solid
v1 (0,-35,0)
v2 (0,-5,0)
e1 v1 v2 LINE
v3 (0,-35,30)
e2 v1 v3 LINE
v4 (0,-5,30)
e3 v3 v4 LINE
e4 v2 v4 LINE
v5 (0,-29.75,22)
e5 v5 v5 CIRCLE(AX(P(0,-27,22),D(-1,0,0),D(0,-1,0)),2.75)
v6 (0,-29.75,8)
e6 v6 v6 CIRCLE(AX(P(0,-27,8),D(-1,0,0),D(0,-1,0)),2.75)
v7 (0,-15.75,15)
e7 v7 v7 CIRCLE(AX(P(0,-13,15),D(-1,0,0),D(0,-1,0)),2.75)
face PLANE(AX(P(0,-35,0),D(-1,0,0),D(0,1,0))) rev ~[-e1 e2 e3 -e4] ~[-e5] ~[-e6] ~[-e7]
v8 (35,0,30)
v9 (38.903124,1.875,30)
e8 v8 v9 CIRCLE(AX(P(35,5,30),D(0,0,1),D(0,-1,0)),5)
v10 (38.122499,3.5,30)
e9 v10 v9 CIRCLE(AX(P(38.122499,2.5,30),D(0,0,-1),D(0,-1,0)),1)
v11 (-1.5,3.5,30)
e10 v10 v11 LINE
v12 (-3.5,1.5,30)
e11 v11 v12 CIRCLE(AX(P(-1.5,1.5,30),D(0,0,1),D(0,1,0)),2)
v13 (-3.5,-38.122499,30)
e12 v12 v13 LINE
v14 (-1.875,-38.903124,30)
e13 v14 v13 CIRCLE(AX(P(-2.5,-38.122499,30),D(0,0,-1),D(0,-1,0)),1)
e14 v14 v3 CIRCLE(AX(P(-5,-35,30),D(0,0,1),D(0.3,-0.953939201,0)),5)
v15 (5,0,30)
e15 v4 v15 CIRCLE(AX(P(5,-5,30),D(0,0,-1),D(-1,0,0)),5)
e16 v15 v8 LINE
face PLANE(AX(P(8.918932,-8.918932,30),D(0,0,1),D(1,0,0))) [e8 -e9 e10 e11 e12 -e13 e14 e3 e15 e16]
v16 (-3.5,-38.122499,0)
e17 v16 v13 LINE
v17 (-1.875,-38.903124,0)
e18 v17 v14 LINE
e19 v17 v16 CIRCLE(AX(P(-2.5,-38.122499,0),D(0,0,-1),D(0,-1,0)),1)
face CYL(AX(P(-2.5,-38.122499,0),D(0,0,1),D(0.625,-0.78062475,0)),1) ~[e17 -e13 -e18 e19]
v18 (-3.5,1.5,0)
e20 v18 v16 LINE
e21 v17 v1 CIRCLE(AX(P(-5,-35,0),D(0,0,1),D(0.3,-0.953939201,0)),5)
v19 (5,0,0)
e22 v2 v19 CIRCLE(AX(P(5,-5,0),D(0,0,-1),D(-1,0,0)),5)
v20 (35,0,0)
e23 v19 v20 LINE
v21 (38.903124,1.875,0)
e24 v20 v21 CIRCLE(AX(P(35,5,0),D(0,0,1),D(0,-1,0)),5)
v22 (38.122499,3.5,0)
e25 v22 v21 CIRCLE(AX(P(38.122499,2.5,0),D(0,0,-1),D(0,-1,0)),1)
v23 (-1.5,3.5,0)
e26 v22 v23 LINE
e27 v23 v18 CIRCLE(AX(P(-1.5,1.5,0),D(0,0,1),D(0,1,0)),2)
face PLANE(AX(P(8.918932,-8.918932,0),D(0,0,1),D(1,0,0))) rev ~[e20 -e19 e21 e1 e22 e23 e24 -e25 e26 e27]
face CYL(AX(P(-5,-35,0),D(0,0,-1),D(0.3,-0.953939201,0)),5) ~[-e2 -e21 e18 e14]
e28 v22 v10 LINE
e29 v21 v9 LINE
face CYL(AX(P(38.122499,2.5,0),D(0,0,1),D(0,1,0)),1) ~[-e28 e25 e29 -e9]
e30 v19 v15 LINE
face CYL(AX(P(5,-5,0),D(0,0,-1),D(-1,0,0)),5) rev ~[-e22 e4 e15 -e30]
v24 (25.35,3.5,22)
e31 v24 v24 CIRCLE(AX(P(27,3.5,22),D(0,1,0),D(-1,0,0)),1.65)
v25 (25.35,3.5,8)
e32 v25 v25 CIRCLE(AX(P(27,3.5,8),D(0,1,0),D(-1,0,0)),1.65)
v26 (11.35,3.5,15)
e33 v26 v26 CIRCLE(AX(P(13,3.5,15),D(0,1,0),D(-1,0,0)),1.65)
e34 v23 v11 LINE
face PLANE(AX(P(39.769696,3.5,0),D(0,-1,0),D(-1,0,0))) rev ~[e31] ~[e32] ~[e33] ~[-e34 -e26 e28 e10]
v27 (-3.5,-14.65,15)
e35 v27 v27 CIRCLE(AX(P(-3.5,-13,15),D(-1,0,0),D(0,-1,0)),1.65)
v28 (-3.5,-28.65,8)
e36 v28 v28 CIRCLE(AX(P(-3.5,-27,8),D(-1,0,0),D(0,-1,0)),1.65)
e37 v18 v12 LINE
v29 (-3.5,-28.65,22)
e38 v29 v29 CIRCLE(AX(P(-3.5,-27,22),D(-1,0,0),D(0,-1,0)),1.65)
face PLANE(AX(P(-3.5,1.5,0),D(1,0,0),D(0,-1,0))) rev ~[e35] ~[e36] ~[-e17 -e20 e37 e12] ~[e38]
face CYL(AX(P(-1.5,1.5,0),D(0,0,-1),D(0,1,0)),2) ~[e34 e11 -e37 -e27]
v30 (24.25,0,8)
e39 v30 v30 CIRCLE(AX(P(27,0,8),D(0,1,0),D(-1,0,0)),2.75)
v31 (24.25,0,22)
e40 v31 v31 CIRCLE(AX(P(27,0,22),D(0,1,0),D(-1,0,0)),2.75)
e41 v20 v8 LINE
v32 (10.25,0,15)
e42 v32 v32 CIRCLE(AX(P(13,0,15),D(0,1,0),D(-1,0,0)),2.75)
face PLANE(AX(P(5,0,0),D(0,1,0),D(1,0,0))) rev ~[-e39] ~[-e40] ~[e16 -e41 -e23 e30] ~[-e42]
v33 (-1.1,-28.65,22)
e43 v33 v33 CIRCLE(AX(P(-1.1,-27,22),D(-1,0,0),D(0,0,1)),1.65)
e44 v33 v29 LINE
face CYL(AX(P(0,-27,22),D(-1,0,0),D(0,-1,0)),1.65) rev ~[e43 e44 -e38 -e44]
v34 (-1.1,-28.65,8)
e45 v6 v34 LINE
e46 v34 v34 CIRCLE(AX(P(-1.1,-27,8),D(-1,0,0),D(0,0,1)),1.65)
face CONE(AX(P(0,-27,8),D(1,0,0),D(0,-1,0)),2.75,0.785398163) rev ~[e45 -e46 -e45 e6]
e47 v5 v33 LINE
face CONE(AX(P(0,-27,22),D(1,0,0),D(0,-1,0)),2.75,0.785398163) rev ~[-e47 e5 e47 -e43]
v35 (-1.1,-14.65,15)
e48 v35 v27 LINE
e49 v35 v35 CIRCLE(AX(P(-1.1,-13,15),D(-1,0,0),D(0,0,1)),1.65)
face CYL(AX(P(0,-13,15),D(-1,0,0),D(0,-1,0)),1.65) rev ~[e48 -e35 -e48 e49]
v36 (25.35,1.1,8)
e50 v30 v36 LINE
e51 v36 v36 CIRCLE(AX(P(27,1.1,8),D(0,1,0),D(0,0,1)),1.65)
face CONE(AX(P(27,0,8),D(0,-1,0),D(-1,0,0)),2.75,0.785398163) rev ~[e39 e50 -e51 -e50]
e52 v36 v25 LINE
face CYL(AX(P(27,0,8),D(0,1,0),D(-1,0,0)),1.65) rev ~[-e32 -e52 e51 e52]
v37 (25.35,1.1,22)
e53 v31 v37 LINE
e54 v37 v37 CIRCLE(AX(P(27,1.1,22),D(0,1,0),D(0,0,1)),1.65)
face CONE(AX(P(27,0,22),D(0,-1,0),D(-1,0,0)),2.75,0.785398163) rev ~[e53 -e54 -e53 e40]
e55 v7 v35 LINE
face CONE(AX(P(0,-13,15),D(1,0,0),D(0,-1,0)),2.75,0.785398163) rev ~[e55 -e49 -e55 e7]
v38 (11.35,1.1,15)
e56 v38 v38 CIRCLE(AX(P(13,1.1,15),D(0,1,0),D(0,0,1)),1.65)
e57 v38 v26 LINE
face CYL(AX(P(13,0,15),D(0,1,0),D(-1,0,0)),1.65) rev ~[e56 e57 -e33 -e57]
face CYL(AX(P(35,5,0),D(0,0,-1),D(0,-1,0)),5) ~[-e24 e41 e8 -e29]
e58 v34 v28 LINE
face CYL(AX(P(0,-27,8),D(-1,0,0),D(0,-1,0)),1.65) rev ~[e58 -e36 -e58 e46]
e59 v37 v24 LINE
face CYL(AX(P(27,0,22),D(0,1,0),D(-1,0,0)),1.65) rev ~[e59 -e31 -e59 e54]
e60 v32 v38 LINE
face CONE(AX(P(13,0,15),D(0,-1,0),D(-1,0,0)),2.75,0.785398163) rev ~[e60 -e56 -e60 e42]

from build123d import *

# Parameters (mm, degrees)
F1_DEPTH             = 30
F4_D                 = 3.3
F4_CSINK_D           = 5.5
F4_CSINK_ANGLE       = 90
F4_ON_F3_D           = 3.3
F4_ON_F3_CSINK_D     = 5.5
F4_ON_F3_CSINK_ANGLE = 90
F5_R                 = 1


with BuildPart() as f1:
    # F0 (on Top) → F1 (new body)
    with BuildSketch(Plane.XY):
        with BuildLine():
            ThreePointArc((-3.5, -39.7696960071), (-0.9688711259, -37.9580398915), (0, -35))
            Line((0, -35), (0, -5))
            ThreePointArc((0, -5), (1.4644660941, -1.4644660941), (5, 0))
            Line((5, 0), (35, 0))
            ThreePointArc((35, 0), (37.9580398915, 0.9688711259), (39.7696960071, 3.5))
            Line((39.7696960071, 3.5), (-1.5, 3.5))
            ThreePointArc((-1.5, 3.5), (-2.9142135624, 2.9142135624), (-3.5, 1.5))
            Line((-3.5, 1.5), (-3.5, -39.7696960071))
        make_face()
    extrude(amount=F1_DEPTH)

    # F4 (through all)
    with Locations(Plane.XZ):
        with Locations((13, 15), (27, 22), (27, 8)):
            CounterSinkHole(F4_D / 2, F4_CSINK_D / 2, counter_sink_angle=F4_CSINK_ANGLE)

    # F4 on F3 (through all)
    with Locations(Plane.YZ):
        with Locations((-13, 15), (-27, 22), (-27, 8)):
            CounterSinkHole(F4_ON_F3_D / 2, F4_ON_F3_CSINK_D / 2, counter_sink_angle=F4_ON_F3_CSINK_ANGLE)

    # F5
    f5_edges = [f1.edges().sort_by_distance(p)[0] for p in [
        (-3.5, -39.769696, 15),
        (39.769696, 3.5, 15),
    ]]
    fillet(f5_edges, radius=F5_R)


solid = f1.part
